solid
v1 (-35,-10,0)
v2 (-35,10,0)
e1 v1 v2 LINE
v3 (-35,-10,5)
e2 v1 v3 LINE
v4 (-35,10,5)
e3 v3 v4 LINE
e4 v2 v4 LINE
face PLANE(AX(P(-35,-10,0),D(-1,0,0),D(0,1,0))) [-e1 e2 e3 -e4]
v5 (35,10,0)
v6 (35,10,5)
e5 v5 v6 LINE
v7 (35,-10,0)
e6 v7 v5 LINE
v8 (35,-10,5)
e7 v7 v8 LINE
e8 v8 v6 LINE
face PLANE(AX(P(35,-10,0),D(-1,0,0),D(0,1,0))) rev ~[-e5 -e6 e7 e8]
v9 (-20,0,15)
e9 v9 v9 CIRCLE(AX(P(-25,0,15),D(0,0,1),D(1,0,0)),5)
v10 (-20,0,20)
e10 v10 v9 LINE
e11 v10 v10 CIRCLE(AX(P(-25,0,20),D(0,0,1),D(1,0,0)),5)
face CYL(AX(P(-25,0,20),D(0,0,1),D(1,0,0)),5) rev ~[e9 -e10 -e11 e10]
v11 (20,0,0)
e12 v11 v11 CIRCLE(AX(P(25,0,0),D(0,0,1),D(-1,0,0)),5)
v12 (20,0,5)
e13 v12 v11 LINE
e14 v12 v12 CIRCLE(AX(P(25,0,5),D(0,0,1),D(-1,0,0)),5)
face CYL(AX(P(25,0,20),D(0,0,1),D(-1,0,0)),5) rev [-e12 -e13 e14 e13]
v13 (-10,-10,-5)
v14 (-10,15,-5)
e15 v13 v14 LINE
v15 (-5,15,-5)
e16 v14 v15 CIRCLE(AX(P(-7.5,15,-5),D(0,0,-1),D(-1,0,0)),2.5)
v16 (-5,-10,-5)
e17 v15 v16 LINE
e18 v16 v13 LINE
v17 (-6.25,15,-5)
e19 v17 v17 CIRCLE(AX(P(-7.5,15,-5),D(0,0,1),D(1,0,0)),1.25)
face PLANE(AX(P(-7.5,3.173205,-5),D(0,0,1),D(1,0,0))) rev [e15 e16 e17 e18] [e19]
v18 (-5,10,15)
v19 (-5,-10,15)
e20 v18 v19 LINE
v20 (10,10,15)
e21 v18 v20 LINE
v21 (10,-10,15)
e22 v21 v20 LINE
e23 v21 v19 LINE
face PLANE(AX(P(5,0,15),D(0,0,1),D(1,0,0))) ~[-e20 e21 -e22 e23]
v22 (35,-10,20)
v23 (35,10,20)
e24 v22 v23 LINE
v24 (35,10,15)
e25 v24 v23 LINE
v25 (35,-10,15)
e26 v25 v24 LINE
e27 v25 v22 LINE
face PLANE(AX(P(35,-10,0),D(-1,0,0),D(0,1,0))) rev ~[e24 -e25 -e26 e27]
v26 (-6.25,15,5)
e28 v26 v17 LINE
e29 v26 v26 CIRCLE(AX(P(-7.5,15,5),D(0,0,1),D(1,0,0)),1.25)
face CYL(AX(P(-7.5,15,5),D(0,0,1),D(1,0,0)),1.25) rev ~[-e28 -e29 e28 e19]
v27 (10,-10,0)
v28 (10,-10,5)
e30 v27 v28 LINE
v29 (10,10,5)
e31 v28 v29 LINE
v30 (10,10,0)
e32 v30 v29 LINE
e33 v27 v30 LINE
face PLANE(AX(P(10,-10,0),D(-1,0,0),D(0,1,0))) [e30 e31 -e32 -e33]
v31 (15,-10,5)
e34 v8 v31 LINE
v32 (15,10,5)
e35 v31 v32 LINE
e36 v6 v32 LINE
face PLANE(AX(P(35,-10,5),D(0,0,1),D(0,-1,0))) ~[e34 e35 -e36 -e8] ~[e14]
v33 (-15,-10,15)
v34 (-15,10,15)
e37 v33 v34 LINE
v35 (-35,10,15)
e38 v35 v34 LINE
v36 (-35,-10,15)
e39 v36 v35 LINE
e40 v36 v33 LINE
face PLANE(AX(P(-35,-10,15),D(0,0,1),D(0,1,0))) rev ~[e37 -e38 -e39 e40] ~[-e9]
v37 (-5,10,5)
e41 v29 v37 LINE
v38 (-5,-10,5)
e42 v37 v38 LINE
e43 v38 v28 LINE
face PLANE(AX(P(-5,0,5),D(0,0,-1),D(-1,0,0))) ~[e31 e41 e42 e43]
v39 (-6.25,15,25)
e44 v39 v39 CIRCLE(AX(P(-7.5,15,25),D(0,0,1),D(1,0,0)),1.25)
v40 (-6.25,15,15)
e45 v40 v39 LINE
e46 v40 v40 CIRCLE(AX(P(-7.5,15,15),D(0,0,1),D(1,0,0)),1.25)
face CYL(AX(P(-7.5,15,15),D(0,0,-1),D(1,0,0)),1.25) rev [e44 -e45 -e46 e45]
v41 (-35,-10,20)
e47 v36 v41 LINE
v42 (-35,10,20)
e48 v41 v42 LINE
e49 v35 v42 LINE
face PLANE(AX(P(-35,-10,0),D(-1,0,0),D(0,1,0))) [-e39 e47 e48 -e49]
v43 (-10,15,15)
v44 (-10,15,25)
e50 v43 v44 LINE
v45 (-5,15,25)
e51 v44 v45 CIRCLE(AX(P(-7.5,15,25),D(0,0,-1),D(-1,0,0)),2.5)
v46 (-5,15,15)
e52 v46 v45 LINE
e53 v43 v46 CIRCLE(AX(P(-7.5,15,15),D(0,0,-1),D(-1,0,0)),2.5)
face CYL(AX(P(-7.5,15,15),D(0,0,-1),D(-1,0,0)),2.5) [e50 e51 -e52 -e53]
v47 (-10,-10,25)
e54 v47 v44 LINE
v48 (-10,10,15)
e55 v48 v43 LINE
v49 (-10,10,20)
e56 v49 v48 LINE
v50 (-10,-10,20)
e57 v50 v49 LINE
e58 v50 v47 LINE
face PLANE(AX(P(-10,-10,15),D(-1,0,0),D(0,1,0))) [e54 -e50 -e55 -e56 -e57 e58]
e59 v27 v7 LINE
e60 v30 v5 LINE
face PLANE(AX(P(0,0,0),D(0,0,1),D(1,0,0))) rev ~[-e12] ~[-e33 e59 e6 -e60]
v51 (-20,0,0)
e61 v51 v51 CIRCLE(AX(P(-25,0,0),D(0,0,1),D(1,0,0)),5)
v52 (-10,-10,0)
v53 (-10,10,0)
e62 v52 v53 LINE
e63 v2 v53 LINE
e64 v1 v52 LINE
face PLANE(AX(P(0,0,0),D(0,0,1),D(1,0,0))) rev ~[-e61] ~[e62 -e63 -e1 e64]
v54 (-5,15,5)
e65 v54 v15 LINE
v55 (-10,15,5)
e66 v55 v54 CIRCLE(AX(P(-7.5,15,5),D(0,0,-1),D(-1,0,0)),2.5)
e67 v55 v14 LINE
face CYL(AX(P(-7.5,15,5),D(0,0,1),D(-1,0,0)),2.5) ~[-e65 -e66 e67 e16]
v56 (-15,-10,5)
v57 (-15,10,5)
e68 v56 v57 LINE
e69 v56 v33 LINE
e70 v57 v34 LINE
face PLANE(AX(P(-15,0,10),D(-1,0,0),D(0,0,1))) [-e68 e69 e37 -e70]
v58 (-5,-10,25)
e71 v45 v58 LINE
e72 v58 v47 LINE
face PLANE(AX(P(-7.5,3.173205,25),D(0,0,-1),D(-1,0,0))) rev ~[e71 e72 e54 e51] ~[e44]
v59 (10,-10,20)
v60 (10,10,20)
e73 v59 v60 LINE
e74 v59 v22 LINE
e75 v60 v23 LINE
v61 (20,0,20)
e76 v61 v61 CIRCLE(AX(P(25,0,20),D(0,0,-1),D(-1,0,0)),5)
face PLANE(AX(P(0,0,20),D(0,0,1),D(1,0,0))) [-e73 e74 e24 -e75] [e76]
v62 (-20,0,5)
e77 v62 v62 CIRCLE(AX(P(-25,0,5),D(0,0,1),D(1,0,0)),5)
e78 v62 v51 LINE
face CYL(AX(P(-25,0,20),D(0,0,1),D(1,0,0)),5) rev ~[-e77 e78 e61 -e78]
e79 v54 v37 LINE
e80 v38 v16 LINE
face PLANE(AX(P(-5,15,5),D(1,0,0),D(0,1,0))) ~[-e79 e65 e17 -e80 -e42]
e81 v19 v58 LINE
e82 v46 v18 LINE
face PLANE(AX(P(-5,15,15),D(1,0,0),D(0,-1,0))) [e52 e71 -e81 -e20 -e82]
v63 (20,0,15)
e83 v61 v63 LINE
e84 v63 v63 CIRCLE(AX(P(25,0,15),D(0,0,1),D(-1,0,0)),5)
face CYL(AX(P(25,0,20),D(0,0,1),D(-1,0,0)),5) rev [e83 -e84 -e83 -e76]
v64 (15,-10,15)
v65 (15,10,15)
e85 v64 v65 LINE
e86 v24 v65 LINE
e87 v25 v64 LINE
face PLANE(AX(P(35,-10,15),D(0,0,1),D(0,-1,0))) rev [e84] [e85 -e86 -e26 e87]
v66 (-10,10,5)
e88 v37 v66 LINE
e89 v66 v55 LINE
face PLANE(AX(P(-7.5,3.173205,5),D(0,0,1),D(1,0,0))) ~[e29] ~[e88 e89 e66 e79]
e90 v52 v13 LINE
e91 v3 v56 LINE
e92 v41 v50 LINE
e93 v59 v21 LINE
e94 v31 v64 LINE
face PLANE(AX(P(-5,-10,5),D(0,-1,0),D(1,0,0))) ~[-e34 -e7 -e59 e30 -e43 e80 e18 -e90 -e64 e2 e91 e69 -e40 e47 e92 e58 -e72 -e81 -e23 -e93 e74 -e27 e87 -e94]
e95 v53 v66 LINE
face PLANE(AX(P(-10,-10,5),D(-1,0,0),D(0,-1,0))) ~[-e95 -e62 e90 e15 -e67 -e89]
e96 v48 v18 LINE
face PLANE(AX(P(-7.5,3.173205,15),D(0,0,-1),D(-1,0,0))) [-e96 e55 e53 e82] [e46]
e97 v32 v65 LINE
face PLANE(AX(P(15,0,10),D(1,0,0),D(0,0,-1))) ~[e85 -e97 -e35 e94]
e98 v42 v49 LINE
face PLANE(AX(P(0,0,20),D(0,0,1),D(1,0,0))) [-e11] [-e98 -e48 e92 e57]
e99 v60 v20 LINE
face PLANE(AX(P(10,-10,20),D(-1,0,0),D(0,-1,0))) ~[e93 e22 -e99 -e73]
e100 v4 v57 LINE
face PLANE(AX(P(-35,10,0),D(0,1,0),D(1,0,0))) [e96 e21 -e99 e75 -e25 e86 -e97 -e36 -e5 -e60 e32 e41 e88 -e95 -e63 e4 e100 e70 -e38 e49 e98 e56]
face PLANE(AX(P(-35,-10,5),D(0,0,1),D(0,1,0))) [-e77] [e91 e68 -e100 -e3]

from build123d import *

# Parameters (mm, degrees)
SKETCH1_W               = 70
SKETCH1_H               = 20
BOSS_EXTRUDE1_DEPTH     = 20
SKETCH2_W               = 10
SKETCH2_H               = 20
CUT_EXTRUDE1_DEPTH      = 20
SKETCH3_R               = 5
CUT_EXTRUDE2_DEPTH      = 60
SKETCH4_W               = 10
SKETCH4_H               = 20
CUT_EXTRUDE3_DEPTH      = 5
MIRROR3_COPY_1_SKETCH_W = 10
MIRROR3_COPY_1_SKETCH_H = 20
MIRROR3_COPY_1_DEPTH    = 5
SKETCH7_R               = 1.25
BOSS_EXTRUDE2_DEPTH     = 10


with BuildPart() as part:
    # Sketch1 → Boss-Extrude1 (new body)
    with BuildSketch(Plane.XY):
        Rectangle(SKETCH1_W, SKETCH1_H)
    extrude(amount=BOSS_EXTRUDE1_DEPTH)

    # Sketch2 → Cut-Extrude1 (cut)
    with BuildSketch(Plane.ZY.offset(35)):
        with Locations((10, 0)):
            Rectangle(SKETCH2_W, SKETCH2_H)
    cut_extrude1 = extrude(amount=-CUT_EXTRUDE1_DEPTH, mode=Mode.SUBTRACT)

    # Sketch3 → Cut-Extrude2 (cut)
    with BuildSketch(Plane.XY.offset(20)):
        with Locations((-25, 0)):
            Circle(SKETCH3_R)
    cut_extrude2 = extrude(amount=-CUT_EXTRUDE2_DEPTH, mode=Mode.SUBTRACT)

    # Sketch4 → Cut-Extrude3 (cut)
    with BuildSketch(Plane.XY.offset(20)):
        with Locations((-5, 0)):
            Rectangle(SKETCH4_W, SKETCH4_H)
    cut_extrude3 = extrude(amount=-CUT_EXTRUDE3_DEPTH, mode=Mode.SUBTRACT)

    # Mirror2: Cut-Extrude3 across plane
    add(cut_extrude3.mirror(Plane.XY.offset(10)), mode=Mode.SUBTRACT)

    # Mirror3: Cut-Extrude1, Cut-Extrude2, Cut-Extrude3 across plane
    add(cut_extrude1.mirror(Plane(origin=(0, 0, 0), x_dir=(0, 0, 1), z_dir=(1, 0, 0))), mode=Mode.SUBTRACT)
    add(cut_extrude2.mirror(Plane(origin=(0, 0, 0), x_dir=(0, 0, 1), z_dir=(1, 0, 0))), mode=Mode.SUBTRACT)
    add(cut_extrude3.mirror(Plane(origin=(0, 0, 0), x_dir=(0, 0, 1), z_dir=(1, 0, 0))), mode=Mode.SUBTRACT)

    # Mirror3 copy 1 sketch → Mirror3 copy 1 (cut)
    with BuildSketch(Plane(origin=(0, 0, 0), x_dir=(-1, 0, 0), z_dir=(0, 0, -1))):
        with Locations((-5, 0)):
            Rectangle(MIRROR3_COPY_1_SKETCH_W, MIRROR3_COPY_1_SKETCH_H)
    extrude(amount=-MIRROR3_COPY_1_DEPTH, mode=Mode.SUBTRACT)

    # Sketch7 → Boss-Extrude2 (add)
    with BuildSketch(Plane.XY.offset(15)):
        with BuildLine():
            Line((-10, -10), (-10, 15))
            ThreePointArc((-10, 15), (-7.5, 17.5), (-5, 15))
            Line((-5, 15), (-5, -10))
            Line((-5, -10), (-10, -10))
        make_face()
        with Locations((-7.5, 15)):
            Circle(SKETCH7_R, mode=Mode.SUBTRACT)
    boss_extrude2 = extrude(amount=BOSS_EXTRUDE2_DEPTH)

    # Mirror4: Boss-Extrude2 across plane
    add(boss_extrude2.mirror(Plane.XY.offset(10)))


solid = part.part
